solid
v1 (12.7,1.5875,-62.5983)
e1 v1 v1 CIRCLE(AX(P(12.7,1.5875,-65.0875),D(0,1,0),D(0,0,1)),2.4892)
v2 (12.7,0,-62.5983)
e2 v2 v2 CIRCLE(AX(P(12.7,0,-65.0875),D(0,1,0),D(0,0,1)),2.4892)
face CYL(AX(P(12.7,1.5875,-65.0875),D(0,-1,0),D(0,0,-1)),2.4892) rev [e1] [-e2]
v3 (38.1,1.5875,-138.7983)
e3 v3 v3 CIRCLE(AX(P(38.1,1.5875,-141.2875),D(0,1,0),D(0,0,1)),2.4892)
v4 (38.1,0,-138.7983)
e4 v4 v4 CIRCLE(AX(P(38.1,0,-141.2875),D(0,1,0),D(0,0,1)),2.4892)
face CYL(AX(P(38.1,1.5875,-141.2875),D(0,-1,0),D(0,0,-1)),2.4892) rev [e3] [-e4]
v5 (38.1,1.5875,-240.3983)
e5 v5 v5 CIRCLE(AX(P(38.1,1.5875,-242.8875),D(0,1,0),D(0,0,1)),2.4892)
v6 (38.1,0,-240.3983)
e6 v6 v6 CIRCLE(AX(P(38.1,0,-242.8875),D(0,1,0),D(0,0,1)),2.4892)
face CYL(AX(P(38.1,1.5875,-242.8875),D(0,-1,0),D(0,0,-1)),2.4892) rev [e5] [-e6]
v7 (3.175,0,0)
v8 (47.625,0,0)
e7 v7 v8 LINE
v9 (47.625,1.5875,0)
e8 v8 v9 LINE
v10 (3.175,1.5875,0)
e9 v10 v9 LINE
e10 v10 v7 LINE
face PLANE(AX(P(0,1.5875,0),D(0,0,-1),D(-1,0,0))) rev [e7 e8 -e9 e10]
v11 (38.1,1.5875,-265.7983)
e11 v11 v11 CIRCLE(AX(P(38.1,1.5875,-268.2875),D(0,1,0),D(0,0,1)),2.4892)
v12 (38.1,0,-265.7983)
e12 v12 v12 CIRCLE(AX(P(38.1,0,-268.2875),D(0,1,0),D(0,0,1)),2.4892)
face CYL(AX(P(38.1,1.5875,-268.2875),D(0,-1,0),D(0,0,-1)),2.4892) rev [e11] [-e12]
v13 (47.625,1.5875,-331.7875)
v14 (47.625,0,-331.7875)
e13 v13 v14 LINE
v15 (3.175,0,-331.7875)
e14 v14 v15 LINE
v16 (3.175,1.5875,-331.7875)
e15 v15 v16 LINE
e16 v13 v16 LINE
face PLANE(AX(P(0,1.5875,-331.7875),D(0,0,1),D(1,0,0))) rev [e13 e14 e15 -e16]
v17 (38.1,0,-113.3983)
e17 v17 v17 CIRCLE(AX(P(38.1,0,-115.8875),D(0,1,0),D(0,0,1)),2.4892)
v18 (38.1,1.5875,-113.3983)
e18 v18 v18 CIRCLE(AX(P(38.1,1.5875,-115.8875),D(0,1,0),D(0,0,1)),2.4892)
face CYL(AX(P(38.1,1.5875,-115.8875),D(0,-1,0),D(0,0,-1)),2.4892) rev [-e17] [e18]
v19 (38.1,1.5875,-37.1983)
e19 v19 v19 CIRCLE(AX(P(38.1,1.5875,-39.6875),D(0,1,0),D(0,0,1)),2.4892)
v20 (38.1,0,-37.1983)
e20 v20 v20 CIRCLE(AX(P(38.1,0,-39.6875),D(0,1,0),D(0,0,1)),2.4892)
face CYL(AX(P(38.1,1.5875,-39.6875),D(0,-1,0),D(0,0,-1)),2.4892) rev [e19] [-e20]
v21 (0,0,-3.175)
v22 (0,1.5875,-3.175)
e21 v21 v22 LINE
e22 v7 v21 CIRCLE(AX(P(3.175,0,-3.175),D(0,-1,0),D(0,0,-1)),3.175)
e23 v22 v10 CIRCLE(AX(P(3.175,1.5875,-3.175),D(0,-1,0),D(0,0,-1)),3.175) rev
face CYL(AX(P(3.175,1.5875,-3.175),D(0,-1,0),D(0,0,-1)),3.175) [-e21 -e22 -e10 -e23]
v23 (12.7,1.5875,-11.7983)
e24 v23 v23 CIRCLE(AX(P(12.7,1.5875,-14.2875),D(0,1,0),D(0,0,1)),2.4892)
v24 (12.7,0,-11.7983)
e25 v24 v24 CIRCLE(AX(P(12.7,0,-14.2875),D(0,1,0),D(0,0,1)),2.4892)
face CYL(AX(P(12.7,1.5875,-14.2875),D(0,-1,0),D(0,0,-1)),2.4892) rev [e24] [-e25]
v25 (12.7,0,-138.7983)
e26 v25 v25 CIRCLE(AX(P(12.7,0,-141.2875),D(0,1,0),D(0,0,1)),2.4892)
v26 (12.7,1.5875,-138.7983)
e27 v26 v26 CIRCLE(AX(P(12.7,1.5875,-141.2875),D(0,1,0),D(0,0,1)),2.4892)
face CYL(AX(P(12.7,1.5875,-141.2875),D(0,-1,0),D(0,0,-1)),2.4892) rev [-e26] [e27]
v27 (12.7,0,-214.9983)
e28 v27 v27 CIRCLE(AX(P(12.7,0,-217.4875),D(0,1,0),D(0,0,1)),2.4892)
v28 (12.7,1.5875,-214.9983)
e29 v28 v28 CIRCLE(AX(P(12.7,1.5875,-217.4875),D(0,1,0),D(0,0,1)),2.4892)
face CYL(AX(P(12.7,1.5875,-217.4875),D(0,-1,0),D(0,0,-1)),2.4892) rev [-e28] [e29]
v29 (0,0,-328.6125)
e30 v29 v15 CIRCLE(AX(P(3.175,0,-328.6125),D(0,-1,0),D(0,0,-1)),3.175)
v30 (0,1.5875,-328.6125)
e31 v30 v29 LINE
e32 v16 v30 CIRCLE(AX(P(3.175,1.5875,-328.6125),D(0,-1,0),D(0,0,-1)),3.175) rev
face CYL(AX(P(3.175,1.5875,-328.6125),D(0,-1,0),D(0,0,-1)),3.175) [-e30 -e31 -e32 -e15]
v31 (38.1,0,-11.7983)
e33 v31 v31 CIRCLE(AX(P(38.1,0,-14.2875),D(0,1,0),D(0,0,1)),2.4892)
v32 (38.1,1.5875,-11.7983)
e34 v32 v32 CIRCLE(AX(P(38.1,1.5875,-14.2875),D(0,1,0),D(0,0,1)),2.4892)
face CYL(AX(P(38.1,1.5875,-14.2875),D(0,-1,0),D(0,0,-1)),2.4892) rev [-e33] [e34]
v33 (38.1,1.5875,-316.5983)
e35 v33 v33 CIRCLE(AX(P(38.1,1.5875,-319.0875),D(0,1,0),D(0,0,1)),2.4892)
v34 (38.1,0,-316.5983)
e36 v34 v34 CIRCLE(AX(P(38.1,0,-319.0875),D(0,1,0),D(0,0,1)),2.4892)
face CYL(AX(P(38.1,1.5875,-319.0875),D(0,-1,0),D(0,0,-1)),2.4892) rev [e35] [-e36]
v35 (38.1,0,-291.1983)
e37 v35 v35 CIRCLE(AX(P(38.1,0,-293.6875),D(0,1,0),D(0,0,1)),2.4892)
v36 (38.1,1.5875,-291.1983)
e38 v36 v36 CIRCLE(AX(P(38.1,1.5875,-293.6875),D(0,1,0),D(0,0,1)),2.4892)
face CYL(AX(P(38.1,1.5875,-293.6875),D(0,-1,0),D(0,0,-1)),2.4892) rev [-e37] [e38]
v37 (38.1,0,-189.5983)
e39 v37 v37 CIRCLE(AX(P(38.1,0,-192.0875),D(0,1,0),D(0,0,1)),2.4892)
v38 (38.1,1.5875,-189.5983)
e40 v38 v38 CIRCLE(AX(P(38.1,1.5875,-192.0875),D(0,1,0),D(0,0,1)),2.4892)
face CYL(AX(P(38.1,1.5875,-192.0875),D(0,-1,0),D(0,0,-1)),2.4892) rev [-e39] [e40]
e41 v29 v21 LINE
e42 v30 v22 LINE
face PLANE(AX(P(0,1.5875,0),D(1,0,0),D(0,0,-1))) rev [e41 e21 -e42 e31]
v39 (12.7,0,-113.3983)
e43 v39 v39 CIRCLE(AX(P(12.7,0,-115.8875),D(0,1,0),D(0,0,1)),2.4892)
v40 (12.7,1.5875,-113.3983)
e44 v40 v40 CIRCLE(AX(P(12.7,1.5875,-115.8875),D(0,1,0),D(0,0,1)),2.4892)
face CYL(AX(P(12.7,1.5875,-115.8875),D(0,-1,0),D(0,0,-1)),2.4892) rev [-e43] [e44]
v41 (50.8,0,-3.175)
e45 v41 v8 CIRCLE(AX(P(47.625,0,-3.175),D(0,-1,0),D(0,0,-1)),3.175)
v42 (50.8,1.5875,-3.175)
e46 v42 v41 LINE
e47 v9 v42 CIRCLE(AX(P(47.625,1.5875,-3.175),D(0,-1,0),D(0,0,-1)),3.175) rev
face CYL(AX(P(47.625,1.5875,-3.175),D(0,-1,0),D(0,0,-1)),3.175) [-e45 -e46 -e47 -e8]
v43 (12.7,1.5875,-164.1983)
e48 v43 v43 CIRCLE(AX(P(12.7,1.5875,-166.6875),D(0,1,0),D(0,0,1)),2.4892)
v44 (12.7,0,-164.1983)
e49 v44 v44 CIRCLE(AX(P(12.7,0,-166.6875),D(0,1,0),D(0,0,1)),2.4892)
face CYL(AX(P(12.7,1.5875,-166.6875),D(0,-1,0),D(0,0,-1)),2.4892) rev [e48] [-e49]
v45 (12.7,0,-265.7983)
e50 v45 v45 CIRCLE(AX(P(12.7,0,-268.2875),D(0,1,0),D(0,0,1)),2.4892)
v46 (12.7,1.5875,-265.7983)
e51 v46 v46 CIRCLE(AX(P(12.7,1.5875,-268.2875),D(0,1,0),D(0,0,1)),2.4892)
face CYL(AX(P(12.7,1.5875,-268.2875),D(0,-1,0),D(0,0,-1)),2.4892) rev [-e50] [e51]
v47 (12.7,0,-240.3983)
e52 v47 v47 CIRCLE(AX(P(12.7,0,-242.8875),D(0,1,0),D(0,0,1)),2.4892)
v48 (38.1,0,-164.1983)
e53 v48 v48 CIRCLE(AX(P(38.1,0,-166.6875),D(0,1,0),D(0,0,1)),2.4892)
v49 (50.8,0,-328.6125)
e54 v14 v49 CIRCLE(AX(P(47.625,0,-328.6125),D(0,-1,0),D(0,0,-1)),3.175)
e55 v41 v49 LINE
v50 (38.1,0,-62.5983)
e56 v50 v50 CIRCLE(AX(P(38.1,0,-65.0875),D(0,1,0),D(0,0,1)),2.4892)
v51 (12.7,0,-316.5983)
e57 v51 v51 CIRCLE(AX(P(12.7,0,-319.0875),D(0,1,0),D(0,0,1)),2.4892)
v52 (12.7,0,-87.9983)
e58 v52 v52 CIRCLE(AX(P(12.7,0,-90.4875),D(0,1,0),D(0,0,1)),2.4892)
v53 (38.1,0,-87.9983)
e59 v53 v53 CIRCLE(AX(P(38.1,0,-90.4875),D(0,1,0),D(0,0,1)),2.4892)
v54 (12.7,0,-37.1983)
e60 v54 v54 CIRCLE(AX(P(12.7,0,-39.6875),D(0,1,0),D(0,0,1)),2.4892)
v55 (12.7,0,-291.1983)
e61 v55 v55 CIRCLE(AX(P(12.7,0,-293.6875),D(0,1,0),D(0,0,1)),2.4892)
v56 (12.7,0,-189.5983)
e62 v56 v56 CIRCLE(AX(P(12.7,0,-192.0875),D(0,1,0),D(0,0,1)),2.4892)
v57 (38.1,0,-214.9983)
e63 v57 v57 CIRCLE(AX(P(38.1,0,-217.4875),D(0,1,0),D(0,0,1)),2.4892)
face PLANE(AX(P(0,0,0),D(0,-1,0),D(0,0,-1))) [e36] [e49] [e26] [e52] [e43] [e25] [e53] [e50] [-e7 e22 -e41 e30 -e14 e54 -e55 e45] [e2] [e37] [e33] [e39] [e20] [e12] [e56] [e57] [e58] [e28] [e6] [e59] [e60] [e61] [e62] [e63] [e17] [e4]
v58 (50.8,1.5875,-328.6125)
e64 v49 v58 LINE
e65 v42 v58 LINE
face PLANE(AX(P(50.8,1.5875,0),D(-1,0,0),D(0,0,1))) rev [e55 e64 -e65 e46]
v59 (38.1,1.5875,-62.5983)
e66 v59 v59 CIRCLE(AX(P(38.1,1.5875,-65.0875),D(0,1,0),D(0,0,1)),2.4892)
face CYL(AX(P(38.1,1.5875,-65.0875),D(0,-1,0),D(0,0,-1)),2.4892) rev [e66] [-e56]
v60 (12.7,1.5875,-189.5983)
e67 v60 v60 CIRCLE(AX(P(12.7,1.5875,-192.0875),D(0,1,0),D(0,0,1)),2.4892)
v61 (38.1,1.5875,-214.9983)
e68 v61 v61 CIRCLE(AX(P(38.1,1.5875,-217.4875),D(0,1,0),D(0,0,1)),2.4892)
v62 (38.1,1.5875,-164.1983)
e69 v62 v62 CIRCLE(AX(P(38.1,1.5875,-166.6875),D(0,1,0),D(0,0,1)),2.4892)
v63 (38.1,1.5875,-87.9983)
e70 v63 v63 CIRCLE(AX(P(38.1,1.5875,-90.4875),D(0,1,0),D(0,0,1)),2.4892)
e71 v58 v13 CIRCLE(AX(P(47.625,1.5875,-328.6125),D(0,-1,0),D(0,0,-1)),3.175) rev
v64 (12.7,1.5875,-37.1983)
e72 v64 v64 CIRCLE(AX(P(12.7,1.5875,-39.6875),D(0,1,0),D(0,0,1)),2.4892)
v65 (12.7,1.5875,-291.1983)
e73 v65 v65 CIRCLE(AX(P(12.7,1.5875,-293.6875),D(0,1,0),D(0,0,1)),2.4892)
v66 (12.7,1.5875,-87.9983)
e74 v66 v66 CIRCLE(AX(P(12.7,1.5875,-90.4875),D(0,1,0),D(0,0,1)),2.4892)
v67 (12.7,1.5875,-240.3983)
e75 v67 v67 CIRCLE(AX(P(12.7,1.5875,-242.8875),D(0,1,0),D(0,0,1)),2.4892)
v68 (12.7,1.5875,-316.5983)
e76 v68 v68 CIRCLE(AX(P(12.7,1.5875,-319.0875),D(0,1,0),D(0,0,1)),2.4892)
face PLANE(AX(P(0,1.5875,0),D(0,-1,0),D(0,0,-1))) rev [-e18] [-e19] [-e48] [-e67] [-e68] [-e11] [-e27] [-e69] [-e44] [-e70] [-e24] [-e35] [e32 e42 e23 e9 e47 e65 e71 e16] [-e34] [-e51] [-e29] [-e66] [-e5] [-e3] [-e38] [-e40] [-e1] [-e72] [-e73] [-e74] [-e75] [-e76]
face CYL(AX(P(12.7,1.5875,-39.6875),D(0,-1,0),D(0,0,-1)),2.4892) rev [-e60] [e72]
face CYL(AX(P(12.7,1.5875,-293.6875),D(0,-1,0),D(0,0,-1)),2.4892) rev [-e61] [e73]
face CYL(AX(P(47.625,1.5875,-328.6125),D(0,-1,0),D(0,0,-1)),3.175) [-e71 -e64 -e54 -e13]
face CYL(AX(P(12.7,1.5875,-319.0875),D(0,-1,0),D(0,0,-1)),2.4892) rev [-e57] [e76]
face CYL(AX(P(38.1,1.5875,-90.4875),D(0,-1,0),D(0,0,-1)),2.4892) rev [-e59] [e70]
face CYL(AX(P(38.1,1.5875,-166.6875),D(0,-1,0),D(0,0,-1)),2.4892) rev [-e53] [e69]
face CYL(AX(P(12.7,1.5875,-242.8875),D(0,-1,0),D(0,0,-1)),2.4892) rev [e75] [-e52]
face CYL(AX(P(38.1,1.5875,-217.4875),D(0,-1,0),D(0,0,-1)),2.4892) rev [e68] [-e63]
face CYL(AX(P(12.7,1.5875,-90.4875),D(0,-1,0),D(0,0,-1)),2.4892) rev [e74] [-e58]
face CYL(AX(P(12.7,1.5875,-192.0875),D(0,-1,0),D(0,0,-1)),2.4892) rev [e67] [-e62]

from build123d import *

# Parameters (mm, degrees)
SKETCH1_W           = 50.8
SKETCH1_H           = 331.7875
SKETCH1_R           = 2.4892
BOSS_EXTRUDE1_DEPTH = 1.5875
FILLET1_R           = 3.175


with BuildPart() as part:
    # Sketch1 → Boss-Extrude1 (new body)
    with BuildSketch(Plane(origin=(0, 0, 0), x_dir=(1, 0, 0), z_dir=(0, 1, 0))):
        with Locations((25.4, 165.89375)):
            Rectangle(SKETCH1_W, SKETCH1_H)
        with Locations(Location((12.7, 14.2875, 0), (0, 0, 270))):
            Circle(SKETCH1_R, mode=Mode.SUBTRACT)
        with Locations(Location((12.7, 39.6875, 0), (0, 0, 270))):
            Circle(SKETCH1_R, mode=Mode.SUBTRACT)
        with Locations(Location((12.7, 65.0875, 0), (0, 0, 270))):
            Circle(SKETCH1_R, mode=Mode.SUBTRACT)
        with Locations(Location((12.7, 90.4875, 0), (0, 0, 270))):
            Circle(SKETCH1_R, mode=Mode.SUBTRACT)
        with Locations(Location((12.7, 115.8875, 0), (0, 0, 270))):
            Circle(SKETCH1_R, mode=Mode.SUBTRACT)
        with Locations(Location((12.7, 141.2875, 0), (0, 0, 270))):
            Circle(SKETCH1_R, mode=Mode.SUBTRACT)
        with Locations(Location((38.1, 39.6875, 0), (0, 0, 270))):
            Circle(SKETCH1_R, mode=Mode.SUBTRACT)
        with Locations(Location((38.1, 65.0875, 0), (0, 0, 270))):
            Circle(SKETCH1_R, mode=Mode.SUBTRACT)
        with Locations(Location((38.1, 90.4875, 0), (0, 0, 270))):
            Circle(SKETCH1_R, mode=Mode.SUBTRACT)
        with Locations(Location((38.1, 115.8875, 0), (0, 0, 270))):
            Circle(SKETCH1_R, mode=Mode.SUBTRACT)
        with Locations(Location((38.1, 141.2875, 0), (0, 0, 270))):
            Circle(SKETCH1_R, mode=Mode.SUBTRACT)
        with Locations(Location((38.1, 14.2875, 0), (0, 0, 270))):
            Circle(SKETCH1_R, mode=Mode.SUBTRACT)
        with Locations(Location((12.7, 166.6875, 0), (0, 0, 270))):
            Circle(SKETCH1_R, mode=Mode.SUBTRACT)
        with Locations(Location((38.1, 166.6875, 0), (0, 0, 270))):
            Circle(SKETCH1_R, mode=Mode.SUBTRACT)
        with Locations(Location((12.7, 319.0875, 0), (0, 0, 270))):
            Circle(SKETCH1_R, mode=Mode.SUBTRACT)
        with Locations(Location((38.1, 319.0875, 0), (0, 0, 270))):
            Circle(SKETCH1_R, mode=Mode.SUBTRACT)
        with Locations(Location((12.7, 293.6875, 0), (0, 0, 270))):
            Circle(SKETCH1_R, mode=Mode.SUBTRACT)
        with Locations(Location((38.1, 293.6875, 0), (0, 0, 270))):
            Circle(SKETCH1_R, mode=Mode.SUBTRACT)
        with Locations(Location((12.7, 268.2875, 0), (0, 0, 270))):
            Circle(SKETCH1_R, mode=Mode.SUBTRACT)
        with Locations(Location((38.1, 268.2875, 0), (0, 0, 270))):
            Circle(SKETCH1_R, mode=Mode.SUBTRACT)
        with Locations(Location((12.7, 242.8875, 0), (0, 0, 270))):
            Circle(SKETCH1_R, mode=Mode.SUBTRACT)
        with Locations(Location((38.1, 242.8875, 0), (0, 0, 270))):
            Circle(SKETCH1_R, mode=Mode.SUBTRACT)
        with Locations(Location((12.7, 217.4875, 0), (0, 0, 270))):
            Circle(SKETCH1_R, mode=Mode.SUBTRACT)
        with Locations(Location((38.1, 217.4875, 0), (0, 0, 270))):
            Circle(SKETCH1_R, mode=Mode.SUBTRACT)
        with Locations(Location((12.7, 192.0875, 0), (0, 0, 270))):
            Circle(SKETCH1_R, mode=Mode.SUBTRACT)
        with Locations(Location((38.1, 192.0875, 0), (0, 0, 270))):
            Circle(SKETCH1_R, mode=Mode.SUBTRACT)
    extrude(amount=BOSS_EXTRUDE1_DEPTH)

    # Fillet1
    fillet1_edges = [part.edges().sort_by_distance(p)[0] for p in [
        (0, 0.79375, -331.7875),
        (50.8, 0.79375, -331.7875),
        (50.8, 0.79375, 0),
        (0, 0.79375, 0),
    ]]
    fillet(fillet1_edges, radius=FILLET1_R)


solid = part.part
